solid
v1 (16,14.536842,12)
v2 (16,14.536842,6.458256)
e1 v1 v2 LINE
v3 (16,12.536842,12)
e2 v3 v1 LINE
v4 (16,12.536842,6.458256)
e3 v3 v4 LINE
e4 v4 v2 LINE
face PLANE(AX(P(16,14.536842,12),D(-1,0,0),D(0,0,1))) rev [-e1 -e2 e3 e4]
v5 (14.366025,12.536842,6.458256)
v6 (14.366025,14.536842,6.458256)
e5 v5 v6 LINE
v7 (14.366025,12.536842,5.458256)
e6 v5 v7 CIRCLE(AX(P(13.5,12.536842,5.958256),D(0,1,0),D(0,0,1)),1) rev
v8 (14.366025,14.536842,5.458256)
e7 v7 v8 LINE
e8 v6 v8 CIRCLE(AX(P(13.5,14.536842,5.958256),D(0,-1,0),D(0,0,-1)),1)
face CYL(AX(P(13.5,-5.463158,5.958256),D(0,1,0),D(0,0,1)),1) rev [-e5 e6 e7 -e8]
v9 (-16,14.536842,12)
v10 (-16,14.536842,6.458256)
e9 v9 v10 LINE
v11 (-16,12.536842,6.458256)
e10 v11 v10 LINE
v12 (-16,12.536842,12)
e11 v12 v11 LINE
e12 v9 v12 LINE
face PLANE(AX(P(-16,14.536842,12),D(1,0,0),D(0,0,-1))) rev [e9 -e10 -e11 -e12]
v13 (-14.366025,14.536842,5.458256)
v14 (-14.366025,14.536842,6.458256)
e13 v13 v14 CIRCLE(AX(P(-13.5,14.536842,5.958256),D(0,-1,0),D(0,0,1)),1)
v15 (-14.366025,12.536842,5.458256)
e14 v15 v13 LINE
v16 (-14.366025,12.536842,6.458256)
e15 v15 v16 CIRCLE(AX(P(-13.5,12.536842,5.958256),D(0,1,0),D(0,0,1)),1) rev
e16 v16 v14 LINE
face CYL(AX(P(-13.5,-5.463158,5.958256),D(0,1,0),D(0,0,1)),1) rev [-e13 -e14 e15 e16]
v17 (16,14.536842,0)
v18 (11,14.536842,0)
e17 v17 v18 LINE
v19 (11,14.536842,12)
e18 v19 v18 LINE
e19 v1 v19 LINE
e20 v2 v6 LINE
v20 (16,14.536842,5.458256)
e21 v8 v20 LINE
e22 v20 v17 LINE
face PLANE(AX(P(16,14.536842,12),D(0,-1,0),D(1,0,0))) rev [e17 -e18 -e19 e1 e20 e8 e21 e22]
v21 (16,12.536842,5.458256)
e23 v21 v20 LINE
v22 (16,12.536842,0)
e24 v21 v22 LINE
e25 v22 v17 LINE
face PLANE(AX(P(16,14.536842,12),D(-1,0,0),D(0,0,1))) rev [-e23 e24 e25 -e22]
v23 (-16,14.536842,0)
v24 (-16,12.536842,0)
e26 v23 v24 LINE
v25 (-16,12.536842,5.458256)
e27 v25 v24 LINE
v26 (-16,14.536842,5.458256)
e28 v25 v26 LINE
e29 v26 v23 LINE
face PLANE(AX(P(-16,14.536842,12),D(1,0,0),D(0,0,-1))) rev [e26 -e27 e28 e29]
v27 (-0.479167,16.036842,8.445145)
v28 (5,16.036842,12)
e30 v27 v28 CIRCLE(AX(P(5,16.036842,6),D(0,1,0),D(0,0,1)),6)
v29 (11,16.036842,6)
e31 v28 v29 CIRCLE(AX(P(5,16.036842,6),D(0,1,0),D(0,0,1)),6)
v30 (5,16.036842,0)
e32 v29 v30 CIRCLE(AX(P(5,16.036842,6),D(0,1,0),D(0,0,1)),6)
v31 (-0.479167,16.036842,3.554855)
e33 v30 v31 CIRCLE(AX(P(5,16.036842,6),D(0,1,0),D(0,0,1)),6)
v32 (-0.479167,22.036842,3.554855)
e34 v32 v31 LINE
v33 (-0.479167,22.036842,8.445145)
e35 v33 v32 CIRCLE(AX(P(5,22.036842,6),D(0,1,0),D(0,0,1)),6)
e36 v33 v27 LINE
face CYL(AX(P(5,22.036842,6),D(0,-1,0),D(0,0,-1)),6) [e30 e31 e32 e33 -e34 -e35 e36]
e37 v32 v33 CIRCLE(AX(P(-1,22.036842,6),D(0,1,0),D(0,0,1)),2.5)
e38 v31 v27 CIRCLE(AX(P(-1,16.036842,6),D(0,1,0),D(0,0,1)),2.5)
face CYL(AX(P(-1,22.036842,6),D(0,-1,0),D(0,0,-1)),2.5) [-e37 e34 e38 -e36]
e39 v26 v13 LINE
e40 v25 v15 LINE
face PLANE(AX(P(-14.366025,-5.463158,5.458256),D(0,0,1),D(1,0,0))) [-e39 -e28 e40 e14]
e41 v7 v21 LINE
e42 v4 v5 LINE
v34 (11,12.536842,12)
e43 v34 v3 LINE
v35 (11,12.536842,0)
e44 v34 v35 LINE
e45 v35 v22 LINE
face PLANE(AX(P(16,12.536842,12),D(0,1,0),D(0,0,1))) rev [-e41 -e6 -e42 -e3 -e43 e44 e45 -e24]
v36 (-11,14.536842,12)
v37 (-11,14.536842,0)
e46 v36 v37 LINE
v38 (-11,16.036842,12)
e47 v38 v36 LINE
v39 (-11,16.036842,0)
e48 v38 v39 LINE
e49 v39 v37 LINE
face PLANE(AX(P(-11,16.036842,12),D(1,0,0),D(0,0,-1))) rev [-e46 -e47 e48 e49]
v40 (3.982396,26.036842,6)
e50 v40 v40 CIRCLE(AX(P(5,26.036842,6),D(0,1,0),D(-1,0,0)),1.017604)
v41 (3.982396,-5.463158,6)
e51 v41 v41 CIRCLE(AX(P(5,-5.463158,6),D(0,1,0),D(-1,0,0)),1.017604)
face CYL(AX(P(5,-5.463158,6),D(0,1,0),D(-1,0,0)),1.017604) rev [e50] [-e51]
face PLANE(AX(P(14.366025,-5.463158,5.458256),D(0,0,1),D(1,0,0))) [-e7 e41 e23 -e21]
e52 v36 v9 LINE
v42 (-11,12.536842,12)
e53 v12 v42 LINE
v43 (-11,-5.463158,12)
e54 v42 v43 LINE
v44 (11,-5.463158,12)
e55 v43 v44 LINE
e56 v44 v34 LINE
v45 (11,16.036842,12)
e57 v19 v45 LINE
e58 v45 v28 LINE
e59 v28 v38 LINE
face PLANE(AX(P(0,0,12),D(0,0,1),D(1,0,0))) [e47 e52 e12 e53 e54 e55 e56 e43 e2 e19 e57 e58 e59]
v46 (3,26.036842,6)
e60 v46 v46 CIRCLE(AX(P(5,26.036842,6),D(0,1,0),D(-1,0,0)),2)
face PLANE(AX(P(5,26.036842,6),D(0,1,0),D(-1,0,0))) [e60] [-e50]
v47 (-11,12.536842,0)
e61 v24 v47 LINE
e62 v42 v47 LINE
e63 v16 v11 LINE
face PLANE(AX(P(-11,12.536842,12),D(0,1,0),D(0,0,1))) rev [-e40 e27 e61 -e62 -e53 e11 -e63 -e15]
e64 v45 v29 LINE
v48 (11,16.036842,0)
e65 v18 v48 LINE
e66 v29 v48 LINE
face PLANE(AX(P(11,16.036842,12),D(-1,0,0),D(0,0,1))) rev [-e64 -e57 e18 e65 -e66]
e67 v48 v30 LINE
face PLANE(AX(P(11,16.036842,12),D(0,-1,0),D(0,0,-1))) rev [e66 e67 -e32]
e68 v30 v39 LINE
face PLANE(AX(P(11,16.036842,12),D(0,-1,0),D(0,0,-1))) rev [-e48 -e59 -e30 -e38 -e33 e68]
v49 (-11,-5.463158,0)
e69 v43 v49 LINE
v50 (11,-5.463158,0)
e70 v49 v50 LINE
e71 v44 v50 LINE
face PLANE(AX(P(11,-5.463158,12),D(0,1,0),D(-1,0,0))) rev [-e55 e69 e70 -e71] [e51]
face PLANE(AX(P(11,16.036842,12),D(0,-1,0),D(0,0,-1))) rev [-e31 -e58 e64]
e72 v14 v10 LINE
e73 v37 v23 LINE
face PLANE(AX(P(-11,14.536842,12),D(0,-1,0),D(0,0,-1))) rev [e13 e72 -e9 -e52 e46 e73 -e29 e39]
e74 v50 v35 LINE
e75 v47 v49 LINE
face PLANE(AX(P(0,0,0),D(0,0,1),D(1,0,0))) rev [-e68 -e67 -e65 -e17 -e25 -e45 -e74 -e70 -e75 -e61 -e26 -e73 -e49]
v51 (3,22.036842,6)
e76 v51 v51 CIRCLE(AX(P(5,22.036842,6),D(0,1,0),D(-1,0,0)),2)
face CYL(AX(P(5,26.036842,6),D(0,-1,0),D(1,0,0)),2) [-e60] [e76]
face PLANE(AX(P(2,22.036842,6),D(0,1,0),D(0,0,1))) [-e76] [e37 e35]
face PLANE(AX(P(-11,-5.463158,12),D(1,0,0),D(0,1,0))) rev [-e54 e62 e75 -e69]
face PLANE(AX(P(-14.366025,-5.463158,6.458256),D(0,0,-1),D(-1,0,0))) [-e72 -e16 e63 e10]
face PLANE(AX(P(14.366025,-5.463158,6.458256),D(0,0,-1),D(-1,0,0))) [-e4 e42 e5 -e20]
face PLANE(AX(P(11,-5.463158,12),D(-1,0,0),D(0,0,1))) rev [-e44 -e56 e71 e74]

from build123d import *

# Parameters (mm, degrees)
EXTRUDE_1_DEPTH     = 12
EXTRUDE_3_DEPTH     = 6
SKETCH_4_R          = 2
EXTRUDE_4_DEPTH     = 4
CUT_EXTRUDE_2_DEPTH = 29.284271247
SKETCH_6_R          = 1.017604249
CUT_EXTRUDE_3_DEPTH = 38.312866414


with BuildPart() as part:
    # 草图1 → 凸台-拉伸1 (new body)
    with BuildSketch(Plane.XY):
        Polygon((-11, 12.536842105), (-16, 12.536842105), (-16, 14.536842105), (-11, 14.536842105), (-11, 16.036842105), (11, 16.036842105), (11, 14.536842105), (16, 14.536842105), (16, 12.536842105), (11, 12.536842105), (11, -5.463157895), (-11, -5.463157895), align=None)
    extrude(amount=EXTRUDE_1_DEPTH)

    # 草图2 → 凸台-拉伸3 (add)
    with BuildSketch(Plane(origin=(0, 16.036842105, 0), x_dir=(1, 0, 0), z_dir=(0, 1, 0))):
        with BuildLine():
            ThreePointArc((-0.479166667, -8.445144707), (11, -6), (-0.479166667, -3.554855293))
            ThreePointArc((-0.479166667, -3.554855293), (-3.5, -6), (-0.479166667, -8.445144707))
        make_face()
    extrude(amount=EXTRUDE_3_DEPTH)

    # 草图4 → 凸台-拉伸4 (add)
    with BuildSketch(Plane(origin=(0, 22.036842105, 0), x_dir=(1, 0, 0), z_dir=(0, 1, 0))):
        with Locations(Location((5, -6, 0), (0, 0, 180))):
            Circle(SKETCH_4_R)
    extrude(amount=EXTRUDE_4_DEPTH)

    # 草图5 → 切除-拉伸2 (cut, through all)
    with BuildSketch(Plane(origin=(0, 14.536842105, 0), x_dir=(-1, 0, 0), z_dir=(0, -1, 0))):
        with BuildLine():
            Line((-14.366025404, -6.458256145), (-16, -6.458256145))
            Line((-16, -6.458256145), (-16, -5.458256145))
            Line((-16, -5.458256145), (-14.366025404, -5.458256145))
            ThreePointArc((-14.366025404, -5.458256145), (-12.5, -5.958256145), (-14.366025404, -6.458256145))
        make_face()
        with BuildLine():
            Line((16, -6.458256145), (16, -5.458256145))
            Line((16, -5.458256145), (14.366025404, -5.458256145))
            ThreePointArc((14.366025404, -5.458256145), (12.5, -5.958256145), (14.366025404, -6.458256145))
            Line((14.366025404, -6.458256145), (16, -6.458256145))
        make_face()
    extrude(amount=CUT_EXTRUDE_2_DEPTH, mode=Mode.SUBTRACT)

    # 草图6 → 切除-拉伸3 (cut, through all)
    with BuildSketch(Plane(origin=(0, 26.036842105, 0), x_dir=(1, 0, 0), z_dir=(0, 1, 0))):
        with Locations(Location((5, -6, 0), (0, 0, 180))):
            Circle(SKETCH_6_R)
    extrude(amount=-CUT_EXTRUDE_3_DEPTH, mode=Mode.SUBTRACT)


solid = part.part
